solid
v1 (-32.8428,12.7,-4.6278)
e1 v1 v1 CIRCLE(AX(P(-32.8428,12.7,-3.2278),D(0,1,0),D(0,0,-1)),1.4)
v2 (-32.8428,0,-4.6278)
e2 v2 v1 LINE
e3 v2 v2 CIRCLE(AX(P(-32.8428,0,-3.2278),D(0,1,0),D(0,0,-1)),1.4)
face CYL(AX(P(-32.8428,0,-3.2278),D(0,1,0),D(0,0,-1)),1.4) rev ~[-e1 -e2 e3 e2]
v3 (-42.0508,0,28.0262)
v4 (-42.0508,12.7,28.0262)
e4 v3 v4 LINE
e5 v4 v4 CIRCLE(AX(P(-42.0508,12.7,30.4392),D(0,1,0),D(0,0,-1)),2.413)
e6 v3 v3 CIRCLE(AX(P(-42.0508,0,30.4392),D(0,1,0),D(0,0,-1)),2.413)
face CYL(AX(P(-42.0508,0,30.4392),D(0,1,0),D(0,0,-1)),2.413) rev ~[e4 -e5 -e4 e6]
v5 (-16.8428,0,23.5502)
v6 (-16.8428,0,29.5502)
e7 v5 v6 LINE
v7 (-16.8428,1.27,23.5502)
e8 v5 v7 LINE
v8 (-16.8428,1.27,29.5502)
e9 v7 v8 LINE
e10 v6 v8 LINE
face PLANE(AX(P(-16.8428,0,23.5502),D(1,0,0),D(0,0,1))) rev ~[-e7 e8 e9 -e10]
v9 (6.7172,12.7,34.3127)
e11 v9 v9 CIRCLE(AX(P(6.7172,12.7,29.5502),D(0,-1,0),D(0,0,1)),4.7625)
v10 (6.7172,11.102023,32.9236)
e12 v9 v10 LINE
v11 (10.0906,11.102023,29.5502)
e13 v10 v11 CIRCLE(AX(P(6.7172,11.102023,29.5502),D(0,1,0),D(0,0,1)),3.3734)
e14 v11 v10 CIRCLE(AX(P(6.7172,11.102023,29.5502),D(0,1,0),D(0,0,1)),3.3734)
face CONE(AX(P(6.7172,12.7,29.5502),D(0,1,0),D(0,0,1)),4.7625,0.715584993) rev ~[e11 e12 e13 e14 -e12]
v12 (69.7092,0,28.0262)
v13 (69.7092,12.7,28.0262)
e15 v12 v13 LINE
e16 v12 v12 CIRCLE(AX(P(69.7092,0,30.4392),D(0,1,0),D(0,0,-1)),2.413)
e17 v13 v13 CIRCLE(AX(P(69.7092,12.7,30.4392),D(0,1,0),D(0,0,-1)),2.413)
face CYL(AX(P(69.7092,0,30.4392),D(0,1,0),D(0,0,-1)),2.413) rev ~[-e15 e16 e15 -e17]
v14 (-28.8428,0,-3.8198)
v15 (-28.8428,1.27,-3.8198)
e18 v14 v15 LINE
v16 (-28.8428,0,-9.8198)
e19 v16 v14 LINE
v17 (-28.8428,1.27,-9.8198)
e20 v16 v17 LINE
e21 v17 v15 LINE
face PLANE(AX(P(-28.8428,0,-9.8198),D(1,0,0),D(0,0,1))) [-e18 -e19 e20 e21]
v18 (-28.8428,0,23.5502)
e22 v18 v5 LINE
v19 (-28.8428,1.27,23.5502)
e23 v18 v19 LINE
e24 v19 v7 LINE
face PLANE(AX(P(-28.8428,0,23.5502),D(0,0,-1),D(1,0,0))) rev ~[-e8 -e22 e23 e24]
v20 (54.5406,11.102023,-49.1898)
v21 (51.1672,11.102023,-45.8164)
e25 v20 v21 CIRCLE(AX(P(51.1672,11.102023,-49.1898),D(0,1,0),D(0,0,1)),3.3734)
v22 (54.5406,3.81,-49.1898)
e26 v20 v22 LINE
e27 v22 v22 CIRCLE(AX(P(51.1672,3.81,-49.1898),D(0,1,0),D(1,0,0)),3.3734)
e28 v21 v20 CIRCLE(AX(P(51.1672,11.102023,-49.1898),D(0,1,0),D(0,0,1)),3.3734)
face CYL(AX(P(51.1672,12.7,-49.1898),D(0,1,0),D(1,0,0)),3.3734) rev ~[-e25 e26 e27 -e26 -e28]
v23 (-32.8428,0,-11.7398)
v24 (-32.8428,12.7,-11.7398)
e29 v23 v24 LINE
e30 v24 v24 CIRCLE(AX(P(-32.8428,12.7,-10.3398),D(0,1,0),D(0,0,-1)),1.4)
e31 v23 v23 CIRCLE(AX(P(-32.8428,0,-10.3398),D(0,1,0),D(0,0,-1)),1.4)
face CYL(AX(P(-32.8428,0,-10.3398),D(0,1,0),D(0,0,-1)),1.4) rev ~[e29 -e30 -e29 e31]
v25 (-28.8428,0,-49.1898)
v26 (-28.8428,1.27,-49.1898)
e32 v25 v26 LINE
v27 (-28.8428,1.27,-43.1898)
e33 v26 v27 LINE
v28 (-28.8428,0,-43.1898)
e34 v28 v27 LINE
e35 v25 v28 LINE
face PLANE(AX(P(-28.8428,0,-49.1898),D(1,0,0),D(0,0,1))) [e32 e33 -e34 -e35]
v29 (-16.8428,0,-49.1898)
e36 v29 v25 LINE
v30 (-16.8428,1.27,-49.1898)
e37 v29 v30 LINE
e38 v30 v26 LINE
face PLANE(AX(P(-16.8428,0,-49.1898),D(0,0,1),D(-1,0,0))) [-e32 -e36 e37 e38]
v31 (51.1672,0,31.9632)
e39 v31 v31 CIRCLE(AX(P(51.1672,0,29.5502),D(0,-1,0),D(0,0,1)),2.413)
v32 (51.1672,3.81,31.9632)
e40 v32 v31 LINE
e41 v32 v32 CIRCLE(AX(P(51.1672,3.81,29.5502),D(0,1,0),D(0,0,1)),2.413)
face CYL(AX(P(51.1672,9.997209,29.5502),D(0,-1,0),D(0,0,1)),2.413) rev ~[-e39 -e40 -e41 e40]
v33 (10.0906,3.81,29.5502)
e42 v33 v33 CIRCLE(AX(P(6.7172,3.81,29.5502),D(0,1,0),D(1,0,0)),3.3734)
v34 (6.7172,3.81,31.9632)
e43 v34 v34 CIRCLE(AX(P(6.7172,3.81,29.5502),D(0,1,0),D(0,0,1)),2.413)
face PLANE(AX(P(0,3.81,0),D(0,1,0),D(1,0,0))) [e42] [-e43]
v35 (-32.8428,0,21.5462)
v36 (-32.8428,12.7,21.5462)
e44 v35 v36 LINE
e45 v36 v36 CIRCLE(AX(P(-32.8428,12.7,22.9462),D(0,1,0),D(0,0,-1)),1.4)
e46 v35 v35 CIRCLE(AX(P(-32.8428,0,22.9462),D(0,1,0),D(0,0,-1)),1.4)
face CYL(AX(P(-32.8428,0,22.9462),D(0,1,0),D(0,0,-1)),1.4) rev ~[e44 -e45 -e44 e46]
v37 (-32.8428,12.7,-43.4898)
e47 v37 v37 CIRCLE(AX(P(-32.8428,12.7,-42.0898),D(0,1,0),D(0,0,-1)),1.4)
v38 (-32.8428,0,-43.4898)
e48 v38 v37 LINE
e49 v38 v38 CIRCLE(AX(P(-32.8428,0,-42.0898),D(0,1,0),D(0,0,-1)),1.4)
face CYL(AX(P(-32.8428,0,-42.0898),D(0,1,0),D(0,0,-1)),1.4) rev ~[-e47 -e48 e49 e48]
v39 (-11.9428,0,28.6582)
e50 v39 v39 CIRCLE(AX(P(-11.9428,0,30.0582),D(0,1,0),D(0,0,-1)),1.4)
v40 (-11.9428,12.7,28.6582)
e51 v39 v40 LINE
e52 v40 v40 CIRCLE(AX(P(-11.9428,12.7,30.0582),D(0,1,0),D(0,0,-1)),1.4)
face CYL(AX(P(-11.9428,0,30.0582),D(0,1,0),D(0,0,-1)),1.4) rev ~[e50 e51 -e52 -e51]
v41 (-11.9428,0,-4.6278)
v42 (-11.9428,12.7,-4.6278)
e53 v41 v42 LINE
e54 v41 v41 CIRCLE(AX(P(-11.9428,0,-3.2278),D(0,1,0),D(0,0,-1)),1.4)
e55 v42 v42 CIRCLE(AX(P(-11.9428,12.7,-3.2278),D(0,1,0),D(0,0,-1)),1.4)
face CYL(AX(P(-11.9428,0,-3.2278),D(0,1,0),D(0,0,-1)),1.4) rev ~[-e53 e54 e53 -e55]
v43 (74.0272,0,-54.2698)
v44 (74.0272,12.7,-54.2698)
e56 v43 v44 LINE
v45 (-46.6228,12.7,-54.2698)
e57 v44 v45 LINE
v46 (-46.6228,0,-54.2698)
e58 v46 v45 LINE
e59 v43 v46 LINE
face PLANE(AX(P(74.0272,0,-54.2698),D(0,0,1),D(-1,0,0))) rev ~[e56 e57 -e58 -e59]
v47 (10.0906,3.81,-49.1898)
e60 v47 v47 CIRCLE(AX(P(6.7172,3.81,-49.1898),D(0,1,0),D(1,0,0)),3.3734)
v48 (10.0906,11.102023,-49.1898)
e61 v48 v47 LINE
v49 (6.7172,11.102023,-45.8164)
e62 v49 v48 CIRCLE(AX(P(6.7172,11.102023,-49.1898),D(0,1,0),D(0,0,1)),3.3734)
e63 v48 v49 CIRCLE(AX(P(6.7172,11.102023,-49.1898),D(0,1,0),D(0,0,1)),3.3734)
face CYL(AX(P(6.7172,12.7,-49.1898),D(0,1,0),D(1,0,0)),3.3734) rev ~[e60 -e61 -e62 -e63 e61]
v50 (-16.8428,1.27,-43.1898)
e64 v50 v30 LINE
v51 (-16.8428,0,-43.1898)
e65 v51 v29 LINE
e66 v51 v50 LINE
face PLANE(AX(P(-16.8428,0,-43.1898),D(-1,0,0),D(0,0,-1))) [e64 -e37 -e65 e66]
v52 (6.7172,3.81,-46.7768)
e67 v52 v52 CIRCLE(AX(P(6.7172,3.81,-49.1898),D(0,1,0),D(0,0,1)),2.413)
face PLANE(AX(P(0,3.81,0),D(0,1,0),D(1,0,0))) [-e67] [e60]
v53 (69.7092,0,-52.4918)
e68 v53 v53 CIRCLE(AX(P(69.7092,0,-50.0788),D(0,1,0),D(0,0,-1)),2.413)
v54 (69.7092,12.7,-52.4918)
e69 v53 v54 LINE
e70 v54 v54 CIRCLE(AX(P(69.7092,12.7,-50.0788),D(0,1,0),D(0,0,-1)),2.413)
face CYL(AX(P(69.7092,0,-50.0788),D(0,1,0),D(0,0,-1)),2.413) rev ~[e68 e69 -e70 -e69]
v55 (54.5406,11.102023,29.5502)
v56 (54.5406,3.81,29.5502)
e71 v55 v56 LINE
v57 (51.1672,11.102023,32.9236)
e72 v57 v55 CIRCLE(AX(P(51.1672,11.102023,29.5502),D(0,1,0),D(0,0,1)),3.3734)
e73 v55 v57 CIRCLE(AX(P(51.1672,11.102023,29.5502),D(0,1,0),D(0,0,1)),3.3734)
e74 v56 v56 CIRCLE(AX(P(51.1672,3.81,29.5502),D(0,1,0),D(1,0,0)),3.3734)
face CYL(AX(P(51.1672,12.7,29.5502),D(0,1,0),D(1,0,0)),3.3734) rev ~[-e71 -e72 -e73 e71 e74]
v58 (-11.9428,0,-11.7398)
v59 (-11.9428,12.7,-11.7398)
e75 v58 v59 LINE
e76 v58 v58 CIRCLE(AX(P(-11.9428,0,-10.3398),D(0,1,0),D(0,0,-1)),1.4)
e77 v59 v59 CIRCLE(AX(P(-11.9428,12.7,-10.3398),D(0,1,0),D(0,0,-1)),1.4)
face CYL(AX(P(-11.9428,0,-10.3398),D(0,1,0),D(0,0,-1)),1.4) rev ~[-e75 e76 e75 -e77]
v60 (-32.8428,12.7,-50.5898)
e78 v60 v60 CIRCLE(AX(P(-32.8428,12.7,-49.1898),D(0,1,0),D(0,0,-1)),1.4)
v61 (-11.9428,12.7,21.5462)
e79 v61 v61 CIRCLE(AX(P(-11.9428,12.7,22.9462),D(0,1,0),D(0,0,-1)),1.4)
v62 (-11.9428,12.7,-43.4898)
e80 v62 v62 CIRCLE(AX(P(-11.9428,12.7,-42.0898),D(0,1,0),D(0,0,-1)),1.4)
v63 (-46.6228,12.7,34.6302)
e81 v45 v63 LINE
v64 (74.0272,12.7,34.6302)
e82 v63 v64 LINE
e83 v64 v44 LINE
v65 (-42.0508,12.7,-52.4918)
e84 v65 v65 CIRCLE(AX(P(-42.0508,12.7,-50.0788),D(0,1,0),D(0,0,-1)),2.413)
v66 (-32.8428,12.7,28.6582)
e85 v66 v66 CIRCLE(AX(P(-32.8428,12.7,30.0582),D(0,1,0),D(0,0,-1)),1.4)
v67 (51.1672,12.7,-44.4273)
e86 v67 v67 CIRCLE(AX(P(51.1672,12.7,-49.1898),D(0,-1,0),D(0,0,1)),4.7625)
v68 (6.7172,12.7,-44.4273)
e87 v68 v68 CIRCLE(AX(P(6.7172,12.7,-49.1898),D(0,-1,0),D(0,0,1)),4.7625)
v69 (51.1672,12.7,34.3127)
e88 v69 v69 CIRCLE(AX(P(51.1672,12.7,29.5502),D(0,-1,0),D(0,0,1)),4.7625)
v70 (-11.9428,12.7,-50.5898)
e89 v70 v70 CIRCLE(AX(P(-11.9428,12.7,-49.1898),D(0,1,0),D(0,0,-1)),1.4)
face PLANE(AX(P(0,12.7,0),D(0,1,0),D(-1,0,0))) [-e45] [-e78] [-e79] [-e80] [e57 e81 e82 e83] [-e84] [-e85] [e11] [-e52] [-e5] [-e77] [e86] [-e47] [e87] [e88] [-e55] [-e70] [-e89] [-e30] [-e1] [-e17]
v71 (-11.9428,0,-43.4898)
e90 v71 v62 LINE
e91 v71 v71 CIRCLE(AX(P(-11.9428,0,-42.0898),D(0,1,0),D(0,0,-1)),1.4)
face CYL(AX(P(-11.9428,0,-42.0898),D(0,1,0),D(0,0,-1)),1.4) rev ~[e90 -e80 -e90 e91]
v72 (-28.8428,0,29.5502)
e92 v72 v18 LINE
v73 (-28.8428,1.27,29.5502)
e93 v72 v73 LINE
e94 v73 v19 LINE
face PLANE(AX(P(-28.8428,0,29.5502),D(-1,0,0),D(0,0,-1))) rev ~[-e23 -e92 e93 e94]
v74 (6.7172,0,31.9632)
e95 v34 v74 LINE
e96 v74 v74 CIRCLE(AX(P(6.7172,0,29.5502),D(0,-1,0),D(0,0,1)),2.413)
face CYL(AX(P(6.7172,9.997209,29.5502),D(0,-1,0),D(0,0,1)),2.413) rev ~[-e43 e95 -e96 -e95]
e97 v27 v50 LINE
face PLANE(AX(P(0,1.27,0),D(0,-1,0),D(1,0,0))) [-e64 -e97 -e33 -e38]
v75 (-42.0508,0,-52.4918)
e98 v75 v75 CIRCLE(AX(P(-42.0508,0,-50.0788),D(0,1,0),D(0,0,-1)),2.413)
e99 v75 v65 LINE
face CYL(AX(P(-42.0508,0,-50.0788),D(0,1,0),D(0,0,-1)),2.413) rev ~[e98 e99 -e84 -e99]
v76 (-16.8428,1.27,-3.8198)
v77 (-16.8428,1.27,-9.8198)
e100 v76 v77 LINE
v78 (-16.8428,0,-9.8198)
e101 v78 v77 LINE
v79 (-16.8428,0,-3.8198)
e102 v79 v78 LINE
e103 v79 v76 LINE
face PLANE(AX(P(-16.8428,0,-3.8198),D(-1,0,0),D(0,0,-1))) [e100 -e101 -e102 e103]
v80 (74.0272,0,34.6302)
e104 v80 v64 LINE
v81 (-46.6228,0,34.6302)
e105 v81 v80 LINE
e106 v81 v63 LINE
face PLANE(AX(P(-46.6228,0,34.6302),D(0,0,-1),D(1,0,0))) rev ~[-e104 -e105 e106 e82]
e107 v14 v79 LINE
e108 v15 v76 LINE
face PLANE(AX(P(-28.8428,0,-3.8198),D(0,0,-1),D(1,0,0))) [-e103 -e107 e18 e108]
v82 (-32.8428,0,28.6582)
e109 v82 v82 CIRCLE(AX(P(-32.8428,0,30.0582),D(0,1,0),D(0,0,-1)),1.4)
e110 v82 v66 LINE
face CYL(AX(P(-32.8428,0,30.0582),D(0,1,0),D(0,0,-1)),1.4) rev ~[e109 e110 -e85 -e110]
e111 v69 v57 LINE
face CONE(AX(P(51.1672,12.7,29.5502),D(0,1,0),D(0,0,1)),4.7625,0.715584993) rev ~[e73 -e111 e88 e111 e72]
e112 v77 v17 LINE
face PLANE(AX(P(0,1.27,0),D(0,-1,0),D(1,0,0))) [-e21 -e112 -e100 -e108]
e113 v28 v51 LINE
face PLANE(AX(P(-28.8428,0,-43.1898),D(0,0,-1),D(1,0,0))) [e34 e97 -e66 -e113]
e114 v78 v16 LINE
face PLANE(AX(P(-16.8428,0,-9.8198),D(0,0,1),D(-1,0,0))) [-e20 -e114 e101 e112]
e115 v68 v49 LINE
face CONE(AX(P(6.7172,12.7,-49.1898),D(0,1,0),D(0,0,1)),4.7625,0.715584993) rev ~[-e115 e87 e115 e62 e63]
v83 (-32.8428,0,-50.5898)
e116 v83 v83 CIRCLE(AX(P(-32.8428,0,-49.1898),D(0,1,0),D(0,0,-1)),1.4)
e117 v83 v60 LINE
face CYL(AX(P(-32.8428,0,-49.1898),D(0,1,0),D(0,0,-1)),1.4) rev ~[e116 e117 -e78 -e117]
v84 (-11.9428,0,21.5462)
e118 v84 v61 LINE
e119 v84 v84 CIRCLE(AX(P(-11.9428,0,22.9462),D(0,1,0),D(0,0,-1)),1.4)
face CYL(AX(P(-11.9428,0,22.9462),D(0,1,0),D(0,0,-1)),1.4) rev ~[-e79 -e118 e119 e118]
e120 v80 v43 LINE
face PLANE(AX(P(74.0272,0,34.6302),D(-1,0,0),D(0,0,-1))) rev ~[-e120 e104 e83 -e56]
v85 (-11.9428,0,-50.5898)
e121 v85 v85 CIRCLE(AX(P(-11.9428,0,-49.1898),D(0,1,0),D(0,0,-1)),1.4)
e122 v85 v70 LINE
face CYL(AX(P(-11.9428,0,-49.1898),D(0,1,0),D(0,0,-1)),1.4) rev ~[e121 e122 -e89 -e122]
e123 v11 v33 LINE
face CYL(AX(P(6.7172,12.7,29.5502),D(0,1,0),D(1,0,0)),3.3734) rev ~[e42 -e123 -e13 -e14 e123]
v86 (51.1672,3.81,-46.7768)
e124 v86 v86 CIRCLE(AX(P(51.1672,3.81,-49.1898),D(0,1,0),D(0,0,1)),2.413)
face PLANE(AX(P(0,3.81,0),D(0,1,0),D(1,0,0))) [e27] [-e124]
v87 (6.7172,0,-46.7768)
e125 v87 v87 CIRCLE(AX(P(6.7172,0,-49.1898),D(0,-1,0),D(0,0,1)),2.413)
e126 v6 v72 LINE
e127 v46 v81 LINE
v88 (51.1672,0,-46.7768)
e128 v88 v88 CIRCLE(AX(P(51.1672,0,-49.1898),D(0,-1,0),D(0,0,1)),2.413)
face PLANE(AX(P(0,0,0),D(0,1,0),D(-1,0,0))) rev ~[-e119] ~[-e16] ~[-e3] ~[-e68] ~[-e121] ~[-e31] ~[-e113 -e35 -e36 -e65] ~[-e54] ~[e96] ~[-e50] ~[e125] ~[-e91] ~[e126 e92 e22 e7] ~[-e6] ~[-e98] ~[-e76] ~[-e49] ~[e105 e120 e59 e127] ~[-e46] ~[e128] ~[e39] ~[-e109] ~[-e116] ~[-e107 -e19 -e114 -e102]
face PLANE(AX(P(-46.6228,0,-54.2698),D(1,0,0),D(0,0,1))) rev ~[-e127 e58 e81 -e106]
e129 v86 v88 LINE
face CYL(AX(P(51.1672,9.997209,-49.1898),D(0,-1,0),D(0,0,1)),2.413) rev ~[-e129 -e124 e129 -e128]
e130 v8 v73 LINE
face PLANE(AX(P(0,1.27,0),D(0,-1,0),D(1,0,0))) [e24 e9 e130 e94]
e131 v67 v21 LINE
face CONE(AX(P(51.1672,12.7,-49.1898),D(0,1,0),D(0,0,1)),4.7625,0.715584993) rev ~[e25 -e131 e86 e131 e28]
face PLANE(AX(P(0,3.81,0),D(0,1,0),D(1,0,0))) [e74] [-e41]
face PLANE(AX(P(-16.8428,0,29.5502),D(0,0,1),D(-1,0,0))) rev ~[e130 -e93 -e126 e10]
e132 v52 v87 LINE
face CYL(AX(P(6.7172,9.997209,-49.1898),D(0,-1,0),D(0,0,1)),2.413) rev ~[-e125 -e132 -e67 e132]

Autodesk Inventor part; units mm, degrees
ref_plane "YZ Plane" through (0, 0, 0) normal (1, 0, 0) x (0, 1, 0)
ref_plane "XZ Plane" through (0, 0, 0) normal (0, 1, 0) x (-1, 0, 0)
ref_plane "XY Plane" through (0, 0, 0) normal (0, 0, 1) x (1, 0, 0)
sketch "Sketch1" plane through (0, 0, 0) normal (0, 1, 0) x (-1, 0, 0)
  line L0 (46.6228, 34.6302) -> (-74.0272, 34.6302)
  line L1 (-74.0272, 34.6302) -> (-74.0272, -54.2698)
  line L2 (-74.0272, -54.2698) -> (46.6228, -54.2698)
  line L3 (46.6228, -54.2698) -> (46.6228, 34.6302)
  point P0 (0, 0)
  dimension "d0" = 120.65
  dimension "d1" = 88.9
extrude "Extrusion1" add sketch "Sketch1" along normal blind 12.7
sketch "Sketch2" plane through (0, 12.7, 0) normal (0, 1, 0) x (1, 0, 0)
  line L0 (-46.6228, -34.6302) -> (74.0272, -34.6302) projected
  line L1 (-46.6228, 54.2698) -> (-46.6228, -34.6302) projected
  point P0 (0, 0)
  point P1 (6.7172, -29.5502)
  point P2 (51.1672, -29.5502)
  dimension "d4" = 0
  dimension "d5" = 5.08
  dimension "d6" = 53.34
  dimension "d7" = 44.45
hole "Hole1" at (6.7172, 12.7, 29.5502) at (51.1672, 12.7, 29.5502) direction (0, -1, 0) diameter 4.826 depth 25.4 tip angle 118 countersink diameter 9.525 countersink angle 82
sketch "Sketch3" plane through (0, 0, 0) normal (0, -1, 0) x (1, 0, 0)
  line L0 (-16.8428, 29.5502) -> (-28.8428, 29.5502)
  line L1 (-28.8428, 29.5502) -> (-28.8428, 23.5502)
  line L2 (-28.8428, 23.5502) -> (-16.8428, 23.5502)
  line L3 (-16.8428, 23.5502) -> (-16.8428, 29.5502)
  line L4 (-46.6228, 34.6302) -> (74.0272, 34.6302) projected
  line L5 (-46.6228, -54.2698) -> (-46.6228, 34.6302) projected
  point P0 (0, 0)
  dimension "d15" = 6
  dimension "d16" = 12
  dimension "d17" = 5.08
  dimension "d18" = 17.78
extrude "Extrusion2" cut sketch "Sketch3" against normal blind 1.27
sketch "Sketch4" plane through (0, 0, 0) normal (0, -1, 0) x (1, 0, 0)
  line L0 (74.0272, -54.2698) -> (-46.6228, -54.2698) projected
  line L1 (-28.8428, 23.5502) -> (-28.8428, 29.5502) projected
  line L2 (-46.6228, -54.2698) -> (-46.6228, 34.6302) projected
  point P0 (0, 0)
  point P1 (-32.8428, -42.0898)
  point P2 (-32.8428, -49.1898)
  point P3 (-11.9428, -49.1898)
  point P4 (-11.9428, -42.0898)
  dimension "d21" = 0
  dimension "d22" = 0
  dimension "d23" = 0
  dimension "d24" = 0
  dimension "d25" = 5.08
  dimension "d26" = 7.1
  dimension "d27" = 20.9
  dimension "d35" = 4
  dimension "d92" = 13.78
hole "Hole2" at (-32.8428, 0, -42.0898) at (-32.8428, 0, -49.1898) at (-11.9428, 0, -49.1898) at (-11.9428, 0, -42.0898) direction (0, 1, 0) diameter 2.8 depth 25.4 tip angle 118
sketch "Sketch6" plane through (0, 0, 0) normal (0, -1, 0) x (1, 0, 0)
  line L0 (-46.6228, 34.6302) -> (74.0272, 34.6302) projected
  line L1 (-46.6228, -54.2698) -> (-46.6228, 34.6302) projected
  line L2 (74.0272, -54.2698) -> (-46.6228, -54.2698) projected
  point P0 (0, 0)
  point P1 (69.7092, -50.0788)
  point P2 (-42.0508, -50.0788)
  point P3 (-42.0508, 30.4392)
  point P4 (69.7092, 30.4392)
  dimension "d43" = 0
  dimension "d44" = 0
  dimension "d46" = 111.76
  dimension "d47" = 0
  dimension "d48" = 0
  dimension "d50" = 4.191
  dimension "d51" = 4.572
  dimension "d91" = 4.191
hole "Hole4" at (69.7092, 0, -50.0788) at (-42.0508, 0, -50.0788) at (-42.0508, 0, 30.4392) at (69.7092, 0, 30.4392) direction (0, 1, 0) diameter 4.8 depth 25.4 tip angle 118
sketch "Sketch10" plane through (0, 12.7, 0) normal (0, 1, 0) x (1, 0, 0)
  circle A0 centre (51.1672, -29.5502) radius 2.413 projected
  circle A1 centre (6.7172, -29.5502) radius 2.413 projected
  line L0 (74.0272, 54.2698) -> (-46.6228, 54.2698) projected
  point P0 (0, 0)
  point P1 (6.7172, 49.1898)
  point P2 (51.1672, 49.1898)
  point P3 (66.6772, 28.8698)
  point P4 (-45.6228, 28.8698)
  point P5 (-46.6228, 54.2698)
  dimension "d80" = 0
  dimension "d81" = 0
  dimension "d82" = 0
  dimension "d83" = 5.08
hole "Hole7" at (6.7172, 12.7, -49.1898) at (51.1672, 12.7, -49.1898) direction (0, -1, 0) diameter 4.826 end through all countersink diameter 9.525 countersink angle 82
sketch "Sketch11" plane through (0, 0, 0) normal (0, -1, 0) x (1, 0, 0)
  line L0 (-28.8428, -3.8198) -> (-16.8428, -3.8198)
  line L1 (-16.8428, -3.8198) -> (-16.8428, -9.8198)
  line L2 (-16.8428, -9.8198) -> (-28.8428, -9.8198)
  line L3 (-28.8428, -9.8198) -> (-28.8428, -3.8198)
  line L4 (-28.8428, -43.1898) -> (-16.8428, -43.1898)
  line L5 (-16.8428, -43.1898) -> (-16.8428, -49.1898)
  line L6 (-16.8428, -49.1898) -> (-28.8428, -49.1898)
  line L7 (-28.8428, -49.1898) -> (-28.8428, -43.1898)
  line L8 (-28.8428, 23.5502) -> (-28.8428, 29.5502) projected
  line L9 (-16.8428, 29.5502) -> (-16.8428, 23.5502) projected
  line L10 (74.0272, -54.2698) -> (-46.6228, -54.2698) projected
  point P0 (0, 0)
  dimension "d93" = 0
  dimension "d94" = 0
  dimension "d95" = 0
  dimension "d96" = 0
  dimension "d97" = 6
  dimension "d98" = 6
  dimension "d99" = 5.08
  dimension "d100" = 44.45
extrude "Extrusion4" cut sketch "Sketch11" against normal blind 1.27
sketch "Sketch12" plane through (0, 0, 0) normal (0, -1, 0) x (1, 0, 0)
  circle A0 centre (-42.0508, 30.4392) radius 2.4 projected
  circle A1 centre (69.7092, 30.4392) radius 2.4 projected
  circle A2 centre (69.7092, -50.0788) radius 2.4 projected
  circle A3 centre (-42.0508, -50.0788) radius 2.4 projected
  point P0 (0, 0)
hole "Hole8" at (-42.0508, 0, 30.4392) at (69.7092, 0, 30.4392) at (69.7092, 0, -50.0788) at (-42.0508, 0, -50.0788) direction (0, 1, 0) diameter 4.826 end through all
sketch "Sketch13" plane through (0, 0, 0) normal (0, -1, 0) x (1, 0, 0)
  circle A0 centre (-32.8428, -42.0898) radius 1.4 projected
  circle A1 centre (-32.8428, -49.1898) radius 1.4 projected
  line L0 (-46.6228, 34.6302) -> (74.0272, 34.6302) projected
  circle A2 centre (-11.9428, -42.0898) radius 1.4 projected
  point P0 (0, 0)
  point P1 (-32.8428, -10.3398)
  point P2 (-32.8428, -3.2278)
  point P3 (-32.8428, 22.9462)
  point P4 (-32.8428, 30.0582)
  point P5 (-39.7887, 34.6302)
  point P6 (67.4471, 34.6302)
  point P7 (-11.9428, -10.3398)
  point P8 (-11.9428, -3.2278)
  point P9 (-11.9428, 22.9462)
  point P10 (-11.9428, 30.0582)
  dimension "d110" = 0
  dimension "d111" = 0
  dimension "d112" = 0
  dimension "d113" = 7.112
  dimension "d114" = 7.112
  dimension "d115" = 31.75
  dimension "d116" = 4.572
  dimension "d117" = 0
  dimension "d118" = 0
  dimension "d119" = 0
  dimension "d120" = 0
  dimension "d121" = 0
  dimension "d122" = 0
  dimension "d123" = 0
  dimension "d124" = 0
hole "Hole9" at (-32.8428, 0, -10.3398) at (-32.8428, 0, -3.2278) at (-32.8428, 0, 22.9462) at (-32.8428, 0, 30.0582) at (-11.9428, 0, -10.3398) at (-11.9428, 0, -3.2278) at (-11.9428, 0, 22.9462) at (-11.9428, 0, 30.0582) direction (0, 1, 0) diameter 2.8 end through all
sketch "Sketch15" plane through (0, 12.7, 0) normal (0, 1, 0) x (1, 0, 0)
  circle A0 centre (6.7172, 49.1898) radius 2.413 projected
  circle A1 centre (51.1672, 49.1898) radius 2.413 projected
  circle A2 centre (6.7172, -29.5502) radius 2.413 projected
  circle A3 centre (51.1672, -29.5502) radius 2.413 projected
  circle A4 centre (6.7172, 49.1898) radius 3.3734
  circle A5 centre (6.7172, -29.5502) radius 3.3734
  circle A6 centre (51.1672, -29.5502) radius 3.3734
  circle A7 centre (51.1672, 49.1898) radius 3.3734
  point P0 (0, 0)
  dimension "d138" = 6.7469
  dimension "d139" = 6.7469
  dimension "d140" = 6.7469
  dimension "d141" = 6.7469
extrude "Extrusion6" cut sketch "Sketch15" against normal blind 8.89
equation "\"d15\" = CanConPinWidth"
equation "\"d16\" = CanConPinLength"
equation "\"d26\" = CanConBetweenTopHoles"
equation "\"d27\" = CanConBetweenSideHoles"
equation "\"d35\" = CanConHoleFromTopPin"
equation "\"d28\" = CanConHoleDiam"
equation "\"d52\" = LegoMainHole"
equation "\"d125\" = CanConHoleDiam"
equation "\"LegoMainHole\" = 4.8"
equation "\"TalonSRXWidth\" = 31.75"
equation "\"TalonSRXFromSide\" = 15.875"
equation "\"TalonSRXBetweenHoles\" = 50.8"
equation "\"CanConPinWidth\" = 6"
equation "\"CanConPinLength\" = 12"
equation "\"CanConBetweenSideHoles\" = 20.9"
equation "\"CanConBetweenTopHoles\" = 7.1"
equation "\"CanConHoleDiam\" = 2.8"
equation "\"CanConHoleFromTopPin\" = 4"
properties part number "SparkMaxPlate"
